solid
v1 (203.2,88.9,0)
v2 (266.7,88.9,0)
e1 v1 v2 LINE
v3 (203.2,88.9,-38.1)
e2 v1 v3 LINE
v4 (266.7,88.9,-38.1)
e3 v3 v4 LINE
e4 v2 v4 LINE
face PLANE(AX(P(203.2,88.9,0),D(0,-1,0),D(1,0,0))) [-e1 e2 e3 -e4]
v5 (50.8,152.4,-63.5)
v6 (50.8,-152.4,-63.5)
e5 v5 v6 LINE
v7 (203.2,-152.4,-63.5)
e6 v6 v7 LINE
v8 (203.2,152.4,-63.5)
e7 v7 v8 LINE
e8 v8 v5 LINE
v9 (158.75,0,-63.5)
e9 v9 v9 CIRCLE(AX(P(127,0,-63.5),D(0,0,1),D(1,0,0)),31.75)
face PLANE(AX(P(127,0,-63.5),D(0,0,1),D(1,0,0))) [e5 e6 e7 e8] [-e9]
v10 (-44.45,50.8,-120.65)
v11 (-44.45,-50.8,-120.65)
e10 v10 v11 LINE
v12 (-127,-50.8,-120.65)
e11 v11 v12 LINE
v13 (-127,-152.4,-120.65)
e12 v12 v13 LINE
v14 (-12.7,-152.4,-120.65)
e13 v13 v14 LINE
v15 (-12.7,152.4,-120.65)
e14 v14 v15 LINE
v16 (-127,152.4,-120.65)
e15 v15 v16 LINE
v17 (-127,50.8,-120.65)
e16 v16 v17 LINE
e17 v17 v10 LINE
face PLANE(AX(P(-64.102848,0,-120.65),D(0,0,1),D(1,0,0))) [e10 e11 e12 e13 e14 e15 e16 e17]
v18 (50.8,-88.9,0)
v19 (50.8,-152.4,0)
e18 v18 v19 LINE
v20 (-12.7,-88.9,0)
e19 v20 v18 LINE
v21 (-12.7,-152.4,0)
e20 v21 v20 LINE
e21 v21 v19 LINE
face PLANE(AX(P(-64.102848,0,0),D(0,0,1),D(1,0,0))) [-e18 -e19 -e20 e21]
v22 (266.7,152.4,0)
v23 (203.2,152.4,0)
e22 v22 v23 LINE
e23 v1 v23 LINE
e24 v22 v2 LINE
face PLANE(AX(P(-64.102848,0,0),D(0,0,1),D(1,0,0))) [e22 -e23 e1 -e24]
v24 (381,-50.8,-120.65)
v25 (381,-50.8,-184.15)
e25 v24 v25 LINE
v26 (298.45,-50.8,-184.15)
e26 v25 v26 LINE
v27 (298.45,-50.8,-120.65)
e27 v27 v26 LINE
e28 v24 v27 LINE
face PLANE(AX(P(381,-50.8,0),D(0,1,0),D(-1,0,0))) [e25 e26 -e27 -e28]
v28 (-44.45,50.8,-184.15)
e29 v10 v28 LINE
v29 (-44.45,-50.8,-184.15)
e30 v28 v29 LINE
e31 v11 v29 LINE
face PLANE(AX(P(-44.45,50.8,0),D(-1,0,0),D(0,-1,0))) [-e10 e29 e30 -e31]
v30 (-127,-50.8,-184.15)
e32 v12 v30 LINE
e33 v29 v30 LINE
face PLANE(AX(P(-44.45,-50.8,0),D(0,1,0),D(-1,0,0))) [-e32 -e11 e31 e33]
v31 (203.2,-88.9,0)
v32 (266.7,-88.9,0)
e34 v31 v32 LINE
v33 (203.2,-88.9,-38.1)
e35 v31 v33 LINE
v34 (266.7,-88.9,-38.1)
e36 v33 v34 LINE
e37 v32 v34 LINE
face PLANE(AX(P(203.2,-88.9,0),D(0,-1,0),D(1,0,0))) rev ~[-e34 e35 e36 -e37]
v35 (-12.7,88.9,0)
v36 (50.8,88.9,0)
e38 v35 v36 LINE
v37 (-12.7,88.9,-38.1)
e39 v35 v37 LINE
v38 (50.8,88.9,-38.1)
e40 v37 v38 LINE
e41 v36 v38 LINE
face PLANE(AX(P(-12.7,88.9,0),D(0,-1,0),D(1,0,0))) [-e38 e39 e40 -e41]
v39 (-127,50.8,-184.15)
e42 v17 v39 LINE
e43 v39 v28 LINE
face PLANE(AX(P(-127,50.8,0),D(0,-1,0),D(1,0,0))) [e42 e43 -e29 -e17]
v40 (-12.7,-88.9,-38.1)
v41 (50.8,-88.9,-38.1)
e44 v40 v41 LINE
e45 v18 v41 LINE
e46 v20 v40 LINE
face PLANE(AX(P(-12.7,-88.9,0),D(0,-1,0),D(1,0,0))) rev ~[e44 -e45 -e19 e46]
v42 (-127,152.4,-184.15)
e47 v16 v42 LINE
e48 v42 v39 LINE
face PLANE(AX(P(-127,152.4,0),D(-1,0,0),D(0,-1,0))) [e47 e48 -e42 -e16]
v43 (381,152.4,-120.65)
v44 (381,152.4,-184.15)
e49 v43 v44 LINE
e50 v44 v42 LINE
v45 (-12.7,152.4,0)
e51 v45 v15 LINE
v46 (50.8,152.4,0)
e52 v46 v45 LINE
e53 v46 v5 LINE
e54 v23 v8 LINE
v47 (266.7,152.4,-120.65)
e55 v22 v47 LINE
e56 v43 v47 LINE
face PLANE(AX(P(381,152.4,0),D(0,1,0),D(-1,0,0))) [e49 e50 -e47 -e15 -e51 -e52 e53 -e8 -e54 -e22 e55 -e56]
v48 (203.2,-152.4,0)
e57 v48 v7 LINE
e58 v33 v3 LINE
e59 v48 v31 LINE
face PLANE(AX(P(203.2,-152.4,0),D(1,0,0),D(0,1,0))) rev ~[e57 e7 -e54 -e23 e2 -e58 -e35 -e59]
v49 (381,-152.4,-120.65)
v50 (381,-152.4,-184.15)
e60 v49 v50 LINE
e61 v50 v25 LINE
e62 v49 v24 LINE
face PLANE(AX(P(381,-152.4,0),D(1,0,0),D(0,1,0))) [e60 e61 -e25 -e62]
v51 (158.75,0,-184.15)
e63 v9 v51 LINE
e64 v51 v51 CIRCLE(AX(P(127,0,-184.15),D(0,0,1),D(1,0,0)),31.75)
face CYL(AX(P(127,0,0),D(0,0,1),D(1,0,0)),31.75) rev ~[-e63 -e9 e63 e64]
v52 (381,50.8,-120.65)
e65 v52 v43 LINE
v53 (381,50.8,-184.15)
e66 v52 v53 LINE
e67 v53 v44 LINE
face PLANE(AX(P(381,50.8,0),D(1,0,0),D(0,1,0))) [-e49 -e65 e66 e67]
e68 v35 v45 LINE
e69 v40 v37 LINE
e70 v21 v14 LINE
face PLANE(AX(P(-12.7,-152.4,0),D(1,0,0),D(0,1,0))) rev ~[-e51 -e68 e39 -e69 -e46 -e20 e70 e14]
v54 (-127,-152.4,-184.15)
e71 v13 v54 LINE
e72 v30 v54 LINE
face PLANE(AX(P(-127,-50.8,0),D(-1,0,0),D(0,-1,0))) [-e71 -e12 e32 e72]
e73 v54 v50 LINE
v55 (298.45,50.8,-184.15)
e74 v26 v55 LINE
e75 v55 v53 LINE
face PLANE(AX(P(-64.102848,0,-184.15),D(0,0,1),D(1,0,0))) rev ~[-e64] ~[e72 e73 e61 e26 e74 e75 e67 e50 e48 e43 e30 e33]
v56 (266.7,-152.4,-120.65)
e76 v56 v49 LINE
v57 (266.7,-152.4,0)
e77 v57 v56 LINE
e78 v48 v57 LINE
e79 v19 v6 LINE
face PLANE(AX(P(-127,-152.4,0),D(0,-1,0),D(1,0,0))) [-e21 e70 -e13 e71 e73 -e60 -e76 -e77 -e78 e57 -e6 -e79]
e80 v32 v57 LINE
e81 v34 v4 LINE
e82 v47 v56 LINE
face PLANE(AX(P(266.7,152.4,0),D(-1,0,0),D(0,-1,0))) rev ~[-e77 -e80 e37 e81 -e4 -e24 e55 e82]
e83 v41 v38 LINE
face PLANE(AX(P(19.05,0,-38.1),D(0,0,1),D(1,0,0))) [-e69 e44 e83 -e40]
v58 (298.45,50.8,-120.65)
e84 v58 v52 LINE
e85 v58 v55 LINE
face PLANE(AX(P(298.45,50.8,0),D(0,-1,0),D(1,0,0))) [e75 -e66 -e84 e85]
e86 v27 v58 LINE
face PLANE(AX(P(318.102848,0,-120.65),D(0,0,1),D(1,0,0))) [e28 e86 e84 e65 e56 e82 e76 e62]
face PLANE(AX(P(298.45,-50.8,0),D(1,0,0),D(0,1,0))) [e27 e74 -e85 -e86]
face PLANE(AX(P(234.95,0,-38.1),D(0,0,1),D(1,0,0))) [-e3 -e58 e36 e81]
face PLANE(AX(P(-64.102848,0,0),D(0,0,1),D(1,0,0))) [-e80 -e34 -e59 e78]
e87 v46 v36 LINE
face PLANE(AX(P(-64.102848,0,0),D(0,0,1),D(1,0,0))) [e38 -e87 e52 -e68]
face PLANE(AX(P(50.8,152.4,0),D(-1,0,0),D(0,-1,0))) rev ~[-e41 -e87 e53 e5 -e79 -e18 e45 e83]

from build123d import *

# Parameters (mm, degrees)
F0_W     = 63.5
F0_H     = 63.5
F0_H_2   = 177.8
F0_R     = 31.75
F1_DEPTH = 184.15
F2_DEPTH = 120.65
F3_DEPTH = 63.5
F4_DEPTH = 38.1


with BuildPart() as f1:
    # F0 (on Top) → F1 (new body)
    with BuildSketch(Plane.XY):
        Polygon((-12.7, 152.4), (-127, 152.4), (-127, 50.8), (-44.45, 50.8), (-44.45, -50.8), (-127, -50.8), (-127, -152.4), (-12.7, -152.4), (-12.7, -88.9), (-12.7, 88.9), align=None)
        with Locations((19.05, 120.65)):
            Rectangle(F0_W, F0_H)
        with Locations((19.05, 0)):
            Rectangle(F0_W, F0_H_2)
        with Locations((19.05, -120.65)):
            Rectangle(F0_W, F0_H)
        with Locations((234.95, 0)):
            Rectangle(F0_W, F0_H_2)
        with Locations((234.95, 120.65)):
            Rectangle(F0_W, F0_H)
        with Locations((234.95, -120.65)):
            Rectangle(F0_W, F0_H)
        Polygon((381, 152.4), (266.7, 152.4), (266.7, 88.9), (266.7, -88.9), (266.7, -152.4), (381, -152.4), (381, -50.8), (298.45, -50.8), (298.45, 50.8), (381, 50.8), align=None)
        Polygon((203.2, 152.4), (50.8, 152.4), (50.8, 88.9), (50.8, -88.9), (50.8, -152.4), (203.2, -152.4), (203.2, -88.9), (203.2, 88.9), align=None)
        with Locations((127, 0)):
            Circle(F0_R, mode=Mode.SUBTRACT)
    extrude(amount=-F1_DEPTH)

    # F0 (on Top) → F2 (cut)
    with BuildSketch(Plane.XY):
        Polygon((-12.7, 152.4), (-127, 152.4), (-127, 50.8), (-44.45, 50.8), (-44.45, -50.8), (-127, -50.8), (-127, -152.4), (-12.7, -152.4), (-12.7, -88.9), (-12.7, 88.9), align=None)
        Polygon((381, 152.4), (266.7, 152.4), (266.7, 88.9), (266.7, -88.9), (266.7, -152.4), (381, -152.4), (381, -50.8), (298.45, -50.8), (298.45, 50.8), (381, 50.8), align=None)
    extrude(amount=-F2_DEPTH, mode=Mode.SUBTRACT)

    # F0 (on Top) → F3 (cut)
    with BuildSketch(Plane.XY):
        Polygon((203.2, 152.4), (50.8, 152.4), (50.8, 88.9), (50.8, -88.9), (50.8, -152.4), (203.2, -152.4), (203.2, -88.9), (203.2, 88.9), align=None)
        with Locations((127, 0)):
            Circle(F0_R, mode=Mode.SUBTRACT)
    extrude(amount=-F3_DEPTH, mode=Mode.SUBTRACT)

    # F0 (on Top) → F4 (cut)
    with BuildSketch(Plane.XY):
        with Locations((19.05, 0)):
            Rectangle(F0_W, F0_H_2)
        with Locations((234.95, 0)):
            Rectangle(F0_W, F0_H_2)
    extrude(amount=-F4_DEPTH, mode=Mode.SUBTRACT)


solid = f1.part
